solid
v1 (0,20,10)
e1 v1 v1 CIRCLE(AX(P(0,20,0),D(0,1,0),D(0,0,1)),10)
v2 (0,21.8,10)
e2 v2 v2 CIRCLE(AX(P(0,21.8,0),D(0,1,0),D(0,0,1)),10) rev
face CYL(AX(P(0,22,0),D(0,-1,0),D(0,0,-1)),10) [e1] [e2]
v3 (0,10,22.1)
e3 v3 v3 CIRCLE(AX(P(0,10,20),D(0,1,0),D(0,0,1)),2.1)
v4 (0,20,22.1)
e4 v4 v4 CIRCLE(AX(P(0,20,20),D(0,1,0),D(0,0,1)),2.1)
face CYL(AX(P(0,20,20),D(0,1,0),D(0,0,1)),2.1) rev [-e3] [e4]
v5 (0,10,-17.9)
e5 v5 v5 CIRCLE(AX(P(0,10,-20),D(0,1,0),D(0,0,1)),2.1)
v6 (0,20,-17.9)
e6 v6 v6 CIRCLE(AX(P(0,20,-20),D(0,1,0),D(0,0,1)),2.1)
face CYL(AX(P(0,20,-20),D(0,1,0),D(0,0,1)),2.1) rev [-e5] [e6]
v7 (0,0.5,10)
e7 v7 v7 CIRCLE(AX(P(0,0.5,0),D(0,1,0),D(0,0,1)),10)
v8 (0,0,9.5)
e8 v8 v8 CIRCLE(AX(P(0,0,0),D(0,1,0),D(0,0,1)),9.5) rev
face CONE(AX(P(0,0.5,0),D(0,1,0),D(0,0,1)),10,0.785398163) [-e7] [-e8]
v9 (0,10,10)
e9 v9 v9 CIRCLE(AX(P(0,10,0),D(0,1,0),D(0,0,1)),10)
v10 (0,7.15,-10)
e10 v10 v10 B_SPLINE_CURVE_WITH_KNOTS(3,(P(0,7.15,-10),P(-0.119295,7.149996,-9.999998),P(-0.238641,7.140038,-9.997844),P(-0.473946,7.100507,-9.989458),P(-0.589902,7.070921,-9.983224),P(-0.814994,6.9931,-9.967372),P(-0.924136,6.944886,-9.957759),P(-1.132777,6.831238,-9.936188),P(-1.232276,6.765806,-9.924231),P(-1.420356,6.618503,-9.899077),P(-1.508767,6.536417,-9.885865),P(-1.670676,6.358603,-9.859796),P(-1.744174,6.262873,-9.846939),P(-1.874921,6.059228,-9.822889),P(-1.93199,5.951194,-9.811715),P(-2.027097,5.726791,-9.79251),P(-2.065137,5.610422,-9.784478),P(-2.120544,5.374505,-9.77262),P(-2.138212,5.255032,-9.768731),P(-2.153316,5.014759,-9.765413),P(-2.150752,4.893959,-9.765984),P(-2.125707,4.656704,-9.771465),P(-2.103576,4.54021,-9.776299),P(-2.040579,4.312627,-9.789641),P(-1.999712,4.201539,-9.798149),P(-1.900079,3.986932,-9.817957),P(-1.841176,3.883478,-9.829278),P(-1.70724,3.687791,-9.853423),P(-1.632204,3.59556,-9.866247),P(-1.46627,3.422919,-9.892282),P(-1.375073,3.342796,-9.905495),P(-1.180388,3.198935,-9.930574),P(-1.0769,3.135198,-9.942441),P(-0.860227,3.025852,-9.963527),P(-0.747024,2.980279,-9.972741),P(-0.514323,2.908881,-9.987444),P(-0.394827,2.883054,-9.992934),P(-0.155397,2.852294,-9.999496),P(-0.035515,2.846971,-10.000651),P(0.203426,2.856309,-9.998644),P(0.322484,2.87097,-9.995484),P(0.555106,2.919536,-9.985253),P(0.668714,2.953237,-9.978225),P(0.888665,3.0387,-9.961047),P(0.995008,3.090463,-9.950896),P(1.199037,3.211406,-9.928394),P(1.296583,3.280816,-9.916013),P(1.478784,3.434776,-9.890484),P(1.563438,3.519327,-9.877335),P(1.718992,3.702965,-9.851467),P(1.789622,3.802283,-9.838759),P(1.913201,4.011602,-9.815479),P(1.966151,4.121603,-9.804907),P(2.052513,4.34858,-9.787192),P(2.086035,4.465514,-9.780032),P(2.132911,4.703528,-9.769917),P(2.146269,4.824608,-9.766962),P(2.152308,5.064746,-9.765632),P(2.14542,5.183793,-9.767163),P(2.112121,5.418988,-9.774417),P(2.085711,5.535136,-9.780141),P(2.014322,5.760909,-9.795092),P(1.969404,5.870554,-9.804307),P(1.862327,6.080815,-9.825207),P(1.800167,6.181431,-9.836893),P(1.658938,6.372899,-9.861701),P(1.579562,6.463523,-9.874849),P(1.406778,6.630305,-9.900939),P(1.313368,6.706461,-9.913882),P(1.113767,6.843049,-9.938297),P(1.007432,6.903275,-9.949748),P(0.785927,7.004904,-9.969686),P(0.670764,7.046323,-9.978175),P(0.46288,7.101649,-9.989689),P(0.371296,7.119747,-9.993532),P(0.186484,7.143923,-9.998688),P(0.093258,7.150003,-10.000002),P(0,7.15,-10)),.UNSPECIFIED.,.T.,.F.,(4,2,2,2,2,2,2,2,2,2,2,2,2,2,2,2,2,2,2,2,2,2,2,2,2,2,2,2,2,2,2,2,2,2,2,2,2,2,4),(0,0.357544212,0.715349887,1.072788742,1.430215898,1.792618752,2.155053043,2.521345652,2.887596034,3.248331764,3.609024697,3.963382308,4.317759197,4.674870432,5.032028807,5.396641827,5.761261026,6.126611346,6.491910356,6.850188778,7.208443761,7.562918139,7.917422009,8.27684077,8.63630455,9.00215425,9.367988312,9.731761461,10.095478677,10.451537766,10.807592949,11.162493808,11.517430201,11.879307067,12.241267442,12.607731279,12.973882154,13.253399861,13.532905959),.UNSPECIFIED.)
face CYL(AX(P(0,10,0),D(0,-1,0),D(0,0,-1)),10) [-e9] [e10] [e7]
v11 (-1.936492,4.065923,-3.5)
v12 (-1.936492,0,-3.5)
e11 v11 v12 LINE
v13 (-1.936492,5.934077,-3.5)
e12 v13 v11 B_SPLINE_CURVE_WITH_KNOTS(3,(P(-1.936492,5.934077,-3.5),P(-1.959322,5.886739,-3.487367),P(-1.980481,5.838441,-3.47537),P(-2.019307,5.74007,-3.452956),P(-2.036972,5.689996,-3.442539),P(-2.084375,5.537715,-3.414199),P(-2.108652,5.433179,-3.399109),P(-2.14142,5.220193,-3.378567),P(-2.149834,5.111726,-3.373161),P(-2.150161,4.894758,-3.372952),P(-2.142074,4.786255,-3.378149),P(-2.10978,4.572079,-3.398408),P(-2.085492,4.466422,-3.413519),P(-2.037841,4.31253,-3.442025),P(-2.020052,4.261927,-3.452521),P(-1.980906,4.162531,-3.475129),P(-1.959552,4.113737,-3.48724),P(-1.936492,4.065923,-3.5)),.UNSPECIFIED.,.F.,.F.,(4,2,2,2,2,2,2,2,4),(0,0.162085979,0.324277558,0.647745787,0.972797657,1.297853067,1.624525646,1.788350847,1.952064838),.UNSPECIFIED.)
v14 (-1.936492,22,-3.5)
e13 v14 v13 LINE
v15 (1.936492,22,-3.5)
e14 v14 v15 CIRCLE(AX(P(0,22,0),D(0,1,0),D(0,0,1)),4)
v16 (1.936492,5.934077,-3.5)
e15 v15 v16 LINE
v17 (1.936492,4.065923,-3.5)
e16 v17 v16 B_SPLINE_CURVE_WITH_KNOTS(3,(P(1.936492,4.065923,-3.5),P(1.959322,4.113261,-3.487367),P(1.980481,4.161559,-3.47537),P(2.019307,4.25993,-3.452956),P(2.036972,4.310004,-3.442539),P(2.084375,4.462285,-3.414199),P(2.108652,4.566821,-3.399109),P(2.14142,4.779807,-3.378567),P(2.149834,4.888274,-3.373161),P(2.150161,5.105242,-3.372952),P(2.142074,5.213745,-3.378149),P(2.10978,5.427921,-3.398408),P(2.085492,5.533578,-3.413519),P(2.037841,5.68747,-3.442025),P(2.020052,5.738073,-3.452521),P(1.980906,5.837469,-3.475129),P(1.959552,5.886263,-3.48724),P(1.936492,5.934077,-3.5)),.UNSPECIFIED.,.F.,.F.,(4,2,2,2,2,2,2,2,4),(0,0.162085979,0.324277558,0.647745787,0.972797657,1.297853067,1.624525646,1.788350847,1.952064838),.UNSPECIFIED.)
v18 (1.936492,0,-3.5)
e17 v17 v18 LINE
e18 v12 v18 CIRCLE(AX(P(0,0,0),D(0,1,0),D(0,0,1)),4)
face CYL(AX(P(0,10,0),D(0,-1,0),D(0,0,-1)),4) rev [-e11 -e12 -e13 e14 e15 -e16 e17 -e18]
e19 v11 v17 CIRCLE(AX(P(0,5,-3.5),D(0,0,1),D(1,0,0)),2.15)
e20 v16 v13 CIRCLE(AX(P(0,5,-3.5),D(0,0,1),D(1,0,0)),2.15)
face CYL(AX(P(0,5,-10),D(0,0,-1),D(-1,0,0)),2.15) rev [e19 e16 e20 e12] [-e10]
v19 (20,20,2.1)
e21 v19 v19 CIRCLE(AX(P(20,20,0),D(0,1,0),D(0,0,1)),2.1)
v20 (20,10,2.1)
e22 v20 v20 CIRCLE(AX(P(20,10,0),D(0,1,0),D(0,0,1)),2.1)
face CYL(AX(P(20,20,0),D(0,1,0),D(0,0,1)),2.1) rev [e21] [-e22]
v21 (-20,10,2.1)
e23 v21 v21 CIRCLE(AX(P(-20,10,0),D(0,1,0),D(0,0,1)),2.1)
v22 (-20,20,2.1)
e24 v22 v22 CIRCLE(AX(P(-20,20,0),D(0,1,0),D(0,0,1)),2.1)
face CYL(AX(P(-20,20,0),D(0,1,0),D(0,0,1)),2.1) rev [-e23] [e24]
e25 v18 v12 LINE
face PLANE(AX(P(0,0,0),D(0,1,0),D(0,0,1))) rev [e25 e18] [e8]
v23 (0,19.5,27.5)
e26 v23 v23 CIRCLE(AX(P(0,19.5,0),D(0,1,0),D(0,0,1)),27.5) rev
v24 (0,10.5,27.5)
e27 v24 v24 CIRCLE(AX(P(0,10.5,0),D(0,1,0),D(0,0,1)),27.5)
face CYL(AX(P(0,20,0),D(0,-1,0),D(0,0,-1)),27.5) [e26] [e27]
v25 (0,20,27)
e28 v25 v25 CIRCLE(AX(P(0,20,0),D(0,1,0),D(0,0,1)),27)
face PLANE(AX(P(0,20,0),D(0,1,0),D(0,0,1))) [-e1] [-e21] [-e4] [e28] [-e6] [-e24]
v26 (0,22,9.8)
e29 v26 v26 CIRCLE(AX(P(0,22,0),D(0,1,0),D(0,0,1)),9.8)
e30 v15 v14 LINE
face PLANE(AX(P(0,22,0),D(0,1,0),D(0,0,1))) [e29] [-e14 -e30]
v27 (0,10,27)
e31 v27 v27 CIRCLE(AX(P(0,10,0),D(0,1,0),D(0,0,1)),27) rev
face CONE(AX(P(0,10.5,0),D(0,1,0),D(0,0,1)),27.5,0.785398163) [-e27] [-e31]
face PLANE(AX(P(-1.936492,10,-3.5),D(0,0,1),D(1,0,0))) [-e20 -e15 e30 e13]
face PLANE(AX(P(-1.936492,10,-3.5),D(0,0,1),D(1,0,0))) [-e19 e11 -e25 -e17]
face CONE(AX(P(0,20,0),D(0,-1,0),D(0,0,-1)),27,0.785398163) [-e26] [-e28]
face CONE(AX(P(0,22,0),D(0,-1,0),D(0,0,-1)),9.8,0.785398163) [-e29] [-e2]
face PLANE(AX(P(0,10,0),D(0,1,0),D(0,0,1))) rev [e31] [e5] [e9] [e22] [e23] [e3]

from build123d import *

# Parameters (mm, degrees)
ESQUISSE1_R                               = 10
BOSS_EXTRU_1_DEPTH                        = 10
D_GAGEMENT_M41_D                          = 4.3
D_GAGEMENT_M41_DEPTH                      = 8
D_GAGEMENT_M41_TIP                        = 1.291850331
ESQUISSE4_R                               = 27.5
BOSS_EXTRU_2_DEPTH                        = 10
ESQUISSE5_R                               = 10
BOSS_EXTRU_3_DEPTH                        = 2
TROU_POUR_TARAUDAGE_POUR_TROU_TARAUD_M5_D = 4.2
R_P_TITION_CIRCULAIRE1_COUNT              = 4
CHANFREIN1_SIZE                           = 0.5
CHANFREIN2_SIZE                           = 0.2


with BuildPart() as part:
    # Esquisse1 → Boss.-Extru.1 (new body)
    with BuildSketch(Plane(origin=(0, 0, 0), x_dir=(1, 0, 0), z_dir=(0, 1, 0))):
        Circle(ESQUISSE1_R)
        with BuildLine():
            Line((-1.936491673, 3.5), (1.936491673, 3.5))
            ThreePointArc((1.936491673, 3.5), (0, -4), (-1.936491673, 3.5))
        make_face(mode=Mode.SUBTRACT)
    extrude(amount=BOSS_EXTRU_1_DEPTH)

    # Dégagement M41
    with Locations(Plane(origin=(0, 0, -10), x_dir=(-1, 0, 0), z_dir=(0, 0, -1))):
        with Locations((0, 5)):
            Hole(D_GAGEMENT_M41_D / 2, depth=D_GAGEMENT_M41_DEPTH)
            with Locations((0, 0, -(D_GAGEMENT_M41_DEPTH + D_GAGEMENT_M41_TIP / 2))):  # 118° drill point
                Cone(0, D_GAGEMENT_M41_D / 2, D_GAGEMENT_M41_TIP, mode=Mode.SUBTRACT)

    # Esquisse4 → Boss.-Extru.2 (add)
    with BuildSketch(Plane(origin=(0, 10, 0), x_dir=(1, 0, 0), z_dir=(0, 1, 0))):
        Circle(ESQUISSE4_R)
        with BuildLine():
            Line((-1.936491673, 3.5), (1.936491673, 3.5))
            ThreePointArc((1.936491673, 3.5), (0, -4), (-1.936491673, 3.5))
        make_face(mode=Mode.SUBTRACT)
    extrude(amount=BOSS_EXTRU_2_DEPTH)

    # Esquisse5 → Boss.-Extru.3 (add)
    with BuildSketch(Plane(origin=(0, 20, 0), x_dir=(1, 0, 0), z_dir=(0, 1, 0))):
        Circle(ESQUISSE5_R)
        with BuildLine():
            Line((-1.936491673, 3.5), (1.936491673, 3.5))
            ThreePointArc((1.936491673, 3.5), (0, -4), (-1.936491673, 3.5))
        make_face(mode=Mode.SUBTRACT)
    extrude(amount=BOSS_EXTRU_3_DEPTH)

    # Trou pour taraudage pour trou taraudé M51 (through all)
    with Locations(Plane(origin=(0, 20, 0), x_dir=(1, 0, 0), z_dir=(0, 1, 0))):
        with Locations((0, -20)):
            trou_pour_taraudage_pour_trou_taraud_m5 = Hole(TROU_POUR_TARAUDAGE_POUR_TROU_TARAUD_M5_D / 2)

    # Répétition circulaire1: Trou pour taraudage pour trou taraudé M51 ×4 about axis
    r_p_tition_circulaire1_axis = Axis((0, 22, 0), (0, -1, 0))
    for i in range(1, R_P_TITION_CIRCULAIRE1_COUNT):
        add(trou_pour_taraudage_pour_trou_taraud_m5.rotate(r_p_tition_circulaire1_axis, i * 360 / R_P_TITION_CIRCULAIRE1_COUNT), mode=Mode.SUBTRACT)

    # Chanfrein1
    chanfrein1_edges = [part.edges().sort_by_distance(p)[0] for p in [
        (-10, 0, 0),
        (-27.5, 10, 0),
        (-27.5, 20, 0),
    ]]
    chamfer(chanfrein1_edges, length=CHANFREIN1_SIZE)

    # Chanfrein2
    chanfrein2_edges = [part.edges().sort_by_distance(p)[0] for p in [
        (-10, 22, 0),
    ]]
    chamfer(chanfrein2_edges, length=CHANFREIN2_SIZE)


solid = part.part
